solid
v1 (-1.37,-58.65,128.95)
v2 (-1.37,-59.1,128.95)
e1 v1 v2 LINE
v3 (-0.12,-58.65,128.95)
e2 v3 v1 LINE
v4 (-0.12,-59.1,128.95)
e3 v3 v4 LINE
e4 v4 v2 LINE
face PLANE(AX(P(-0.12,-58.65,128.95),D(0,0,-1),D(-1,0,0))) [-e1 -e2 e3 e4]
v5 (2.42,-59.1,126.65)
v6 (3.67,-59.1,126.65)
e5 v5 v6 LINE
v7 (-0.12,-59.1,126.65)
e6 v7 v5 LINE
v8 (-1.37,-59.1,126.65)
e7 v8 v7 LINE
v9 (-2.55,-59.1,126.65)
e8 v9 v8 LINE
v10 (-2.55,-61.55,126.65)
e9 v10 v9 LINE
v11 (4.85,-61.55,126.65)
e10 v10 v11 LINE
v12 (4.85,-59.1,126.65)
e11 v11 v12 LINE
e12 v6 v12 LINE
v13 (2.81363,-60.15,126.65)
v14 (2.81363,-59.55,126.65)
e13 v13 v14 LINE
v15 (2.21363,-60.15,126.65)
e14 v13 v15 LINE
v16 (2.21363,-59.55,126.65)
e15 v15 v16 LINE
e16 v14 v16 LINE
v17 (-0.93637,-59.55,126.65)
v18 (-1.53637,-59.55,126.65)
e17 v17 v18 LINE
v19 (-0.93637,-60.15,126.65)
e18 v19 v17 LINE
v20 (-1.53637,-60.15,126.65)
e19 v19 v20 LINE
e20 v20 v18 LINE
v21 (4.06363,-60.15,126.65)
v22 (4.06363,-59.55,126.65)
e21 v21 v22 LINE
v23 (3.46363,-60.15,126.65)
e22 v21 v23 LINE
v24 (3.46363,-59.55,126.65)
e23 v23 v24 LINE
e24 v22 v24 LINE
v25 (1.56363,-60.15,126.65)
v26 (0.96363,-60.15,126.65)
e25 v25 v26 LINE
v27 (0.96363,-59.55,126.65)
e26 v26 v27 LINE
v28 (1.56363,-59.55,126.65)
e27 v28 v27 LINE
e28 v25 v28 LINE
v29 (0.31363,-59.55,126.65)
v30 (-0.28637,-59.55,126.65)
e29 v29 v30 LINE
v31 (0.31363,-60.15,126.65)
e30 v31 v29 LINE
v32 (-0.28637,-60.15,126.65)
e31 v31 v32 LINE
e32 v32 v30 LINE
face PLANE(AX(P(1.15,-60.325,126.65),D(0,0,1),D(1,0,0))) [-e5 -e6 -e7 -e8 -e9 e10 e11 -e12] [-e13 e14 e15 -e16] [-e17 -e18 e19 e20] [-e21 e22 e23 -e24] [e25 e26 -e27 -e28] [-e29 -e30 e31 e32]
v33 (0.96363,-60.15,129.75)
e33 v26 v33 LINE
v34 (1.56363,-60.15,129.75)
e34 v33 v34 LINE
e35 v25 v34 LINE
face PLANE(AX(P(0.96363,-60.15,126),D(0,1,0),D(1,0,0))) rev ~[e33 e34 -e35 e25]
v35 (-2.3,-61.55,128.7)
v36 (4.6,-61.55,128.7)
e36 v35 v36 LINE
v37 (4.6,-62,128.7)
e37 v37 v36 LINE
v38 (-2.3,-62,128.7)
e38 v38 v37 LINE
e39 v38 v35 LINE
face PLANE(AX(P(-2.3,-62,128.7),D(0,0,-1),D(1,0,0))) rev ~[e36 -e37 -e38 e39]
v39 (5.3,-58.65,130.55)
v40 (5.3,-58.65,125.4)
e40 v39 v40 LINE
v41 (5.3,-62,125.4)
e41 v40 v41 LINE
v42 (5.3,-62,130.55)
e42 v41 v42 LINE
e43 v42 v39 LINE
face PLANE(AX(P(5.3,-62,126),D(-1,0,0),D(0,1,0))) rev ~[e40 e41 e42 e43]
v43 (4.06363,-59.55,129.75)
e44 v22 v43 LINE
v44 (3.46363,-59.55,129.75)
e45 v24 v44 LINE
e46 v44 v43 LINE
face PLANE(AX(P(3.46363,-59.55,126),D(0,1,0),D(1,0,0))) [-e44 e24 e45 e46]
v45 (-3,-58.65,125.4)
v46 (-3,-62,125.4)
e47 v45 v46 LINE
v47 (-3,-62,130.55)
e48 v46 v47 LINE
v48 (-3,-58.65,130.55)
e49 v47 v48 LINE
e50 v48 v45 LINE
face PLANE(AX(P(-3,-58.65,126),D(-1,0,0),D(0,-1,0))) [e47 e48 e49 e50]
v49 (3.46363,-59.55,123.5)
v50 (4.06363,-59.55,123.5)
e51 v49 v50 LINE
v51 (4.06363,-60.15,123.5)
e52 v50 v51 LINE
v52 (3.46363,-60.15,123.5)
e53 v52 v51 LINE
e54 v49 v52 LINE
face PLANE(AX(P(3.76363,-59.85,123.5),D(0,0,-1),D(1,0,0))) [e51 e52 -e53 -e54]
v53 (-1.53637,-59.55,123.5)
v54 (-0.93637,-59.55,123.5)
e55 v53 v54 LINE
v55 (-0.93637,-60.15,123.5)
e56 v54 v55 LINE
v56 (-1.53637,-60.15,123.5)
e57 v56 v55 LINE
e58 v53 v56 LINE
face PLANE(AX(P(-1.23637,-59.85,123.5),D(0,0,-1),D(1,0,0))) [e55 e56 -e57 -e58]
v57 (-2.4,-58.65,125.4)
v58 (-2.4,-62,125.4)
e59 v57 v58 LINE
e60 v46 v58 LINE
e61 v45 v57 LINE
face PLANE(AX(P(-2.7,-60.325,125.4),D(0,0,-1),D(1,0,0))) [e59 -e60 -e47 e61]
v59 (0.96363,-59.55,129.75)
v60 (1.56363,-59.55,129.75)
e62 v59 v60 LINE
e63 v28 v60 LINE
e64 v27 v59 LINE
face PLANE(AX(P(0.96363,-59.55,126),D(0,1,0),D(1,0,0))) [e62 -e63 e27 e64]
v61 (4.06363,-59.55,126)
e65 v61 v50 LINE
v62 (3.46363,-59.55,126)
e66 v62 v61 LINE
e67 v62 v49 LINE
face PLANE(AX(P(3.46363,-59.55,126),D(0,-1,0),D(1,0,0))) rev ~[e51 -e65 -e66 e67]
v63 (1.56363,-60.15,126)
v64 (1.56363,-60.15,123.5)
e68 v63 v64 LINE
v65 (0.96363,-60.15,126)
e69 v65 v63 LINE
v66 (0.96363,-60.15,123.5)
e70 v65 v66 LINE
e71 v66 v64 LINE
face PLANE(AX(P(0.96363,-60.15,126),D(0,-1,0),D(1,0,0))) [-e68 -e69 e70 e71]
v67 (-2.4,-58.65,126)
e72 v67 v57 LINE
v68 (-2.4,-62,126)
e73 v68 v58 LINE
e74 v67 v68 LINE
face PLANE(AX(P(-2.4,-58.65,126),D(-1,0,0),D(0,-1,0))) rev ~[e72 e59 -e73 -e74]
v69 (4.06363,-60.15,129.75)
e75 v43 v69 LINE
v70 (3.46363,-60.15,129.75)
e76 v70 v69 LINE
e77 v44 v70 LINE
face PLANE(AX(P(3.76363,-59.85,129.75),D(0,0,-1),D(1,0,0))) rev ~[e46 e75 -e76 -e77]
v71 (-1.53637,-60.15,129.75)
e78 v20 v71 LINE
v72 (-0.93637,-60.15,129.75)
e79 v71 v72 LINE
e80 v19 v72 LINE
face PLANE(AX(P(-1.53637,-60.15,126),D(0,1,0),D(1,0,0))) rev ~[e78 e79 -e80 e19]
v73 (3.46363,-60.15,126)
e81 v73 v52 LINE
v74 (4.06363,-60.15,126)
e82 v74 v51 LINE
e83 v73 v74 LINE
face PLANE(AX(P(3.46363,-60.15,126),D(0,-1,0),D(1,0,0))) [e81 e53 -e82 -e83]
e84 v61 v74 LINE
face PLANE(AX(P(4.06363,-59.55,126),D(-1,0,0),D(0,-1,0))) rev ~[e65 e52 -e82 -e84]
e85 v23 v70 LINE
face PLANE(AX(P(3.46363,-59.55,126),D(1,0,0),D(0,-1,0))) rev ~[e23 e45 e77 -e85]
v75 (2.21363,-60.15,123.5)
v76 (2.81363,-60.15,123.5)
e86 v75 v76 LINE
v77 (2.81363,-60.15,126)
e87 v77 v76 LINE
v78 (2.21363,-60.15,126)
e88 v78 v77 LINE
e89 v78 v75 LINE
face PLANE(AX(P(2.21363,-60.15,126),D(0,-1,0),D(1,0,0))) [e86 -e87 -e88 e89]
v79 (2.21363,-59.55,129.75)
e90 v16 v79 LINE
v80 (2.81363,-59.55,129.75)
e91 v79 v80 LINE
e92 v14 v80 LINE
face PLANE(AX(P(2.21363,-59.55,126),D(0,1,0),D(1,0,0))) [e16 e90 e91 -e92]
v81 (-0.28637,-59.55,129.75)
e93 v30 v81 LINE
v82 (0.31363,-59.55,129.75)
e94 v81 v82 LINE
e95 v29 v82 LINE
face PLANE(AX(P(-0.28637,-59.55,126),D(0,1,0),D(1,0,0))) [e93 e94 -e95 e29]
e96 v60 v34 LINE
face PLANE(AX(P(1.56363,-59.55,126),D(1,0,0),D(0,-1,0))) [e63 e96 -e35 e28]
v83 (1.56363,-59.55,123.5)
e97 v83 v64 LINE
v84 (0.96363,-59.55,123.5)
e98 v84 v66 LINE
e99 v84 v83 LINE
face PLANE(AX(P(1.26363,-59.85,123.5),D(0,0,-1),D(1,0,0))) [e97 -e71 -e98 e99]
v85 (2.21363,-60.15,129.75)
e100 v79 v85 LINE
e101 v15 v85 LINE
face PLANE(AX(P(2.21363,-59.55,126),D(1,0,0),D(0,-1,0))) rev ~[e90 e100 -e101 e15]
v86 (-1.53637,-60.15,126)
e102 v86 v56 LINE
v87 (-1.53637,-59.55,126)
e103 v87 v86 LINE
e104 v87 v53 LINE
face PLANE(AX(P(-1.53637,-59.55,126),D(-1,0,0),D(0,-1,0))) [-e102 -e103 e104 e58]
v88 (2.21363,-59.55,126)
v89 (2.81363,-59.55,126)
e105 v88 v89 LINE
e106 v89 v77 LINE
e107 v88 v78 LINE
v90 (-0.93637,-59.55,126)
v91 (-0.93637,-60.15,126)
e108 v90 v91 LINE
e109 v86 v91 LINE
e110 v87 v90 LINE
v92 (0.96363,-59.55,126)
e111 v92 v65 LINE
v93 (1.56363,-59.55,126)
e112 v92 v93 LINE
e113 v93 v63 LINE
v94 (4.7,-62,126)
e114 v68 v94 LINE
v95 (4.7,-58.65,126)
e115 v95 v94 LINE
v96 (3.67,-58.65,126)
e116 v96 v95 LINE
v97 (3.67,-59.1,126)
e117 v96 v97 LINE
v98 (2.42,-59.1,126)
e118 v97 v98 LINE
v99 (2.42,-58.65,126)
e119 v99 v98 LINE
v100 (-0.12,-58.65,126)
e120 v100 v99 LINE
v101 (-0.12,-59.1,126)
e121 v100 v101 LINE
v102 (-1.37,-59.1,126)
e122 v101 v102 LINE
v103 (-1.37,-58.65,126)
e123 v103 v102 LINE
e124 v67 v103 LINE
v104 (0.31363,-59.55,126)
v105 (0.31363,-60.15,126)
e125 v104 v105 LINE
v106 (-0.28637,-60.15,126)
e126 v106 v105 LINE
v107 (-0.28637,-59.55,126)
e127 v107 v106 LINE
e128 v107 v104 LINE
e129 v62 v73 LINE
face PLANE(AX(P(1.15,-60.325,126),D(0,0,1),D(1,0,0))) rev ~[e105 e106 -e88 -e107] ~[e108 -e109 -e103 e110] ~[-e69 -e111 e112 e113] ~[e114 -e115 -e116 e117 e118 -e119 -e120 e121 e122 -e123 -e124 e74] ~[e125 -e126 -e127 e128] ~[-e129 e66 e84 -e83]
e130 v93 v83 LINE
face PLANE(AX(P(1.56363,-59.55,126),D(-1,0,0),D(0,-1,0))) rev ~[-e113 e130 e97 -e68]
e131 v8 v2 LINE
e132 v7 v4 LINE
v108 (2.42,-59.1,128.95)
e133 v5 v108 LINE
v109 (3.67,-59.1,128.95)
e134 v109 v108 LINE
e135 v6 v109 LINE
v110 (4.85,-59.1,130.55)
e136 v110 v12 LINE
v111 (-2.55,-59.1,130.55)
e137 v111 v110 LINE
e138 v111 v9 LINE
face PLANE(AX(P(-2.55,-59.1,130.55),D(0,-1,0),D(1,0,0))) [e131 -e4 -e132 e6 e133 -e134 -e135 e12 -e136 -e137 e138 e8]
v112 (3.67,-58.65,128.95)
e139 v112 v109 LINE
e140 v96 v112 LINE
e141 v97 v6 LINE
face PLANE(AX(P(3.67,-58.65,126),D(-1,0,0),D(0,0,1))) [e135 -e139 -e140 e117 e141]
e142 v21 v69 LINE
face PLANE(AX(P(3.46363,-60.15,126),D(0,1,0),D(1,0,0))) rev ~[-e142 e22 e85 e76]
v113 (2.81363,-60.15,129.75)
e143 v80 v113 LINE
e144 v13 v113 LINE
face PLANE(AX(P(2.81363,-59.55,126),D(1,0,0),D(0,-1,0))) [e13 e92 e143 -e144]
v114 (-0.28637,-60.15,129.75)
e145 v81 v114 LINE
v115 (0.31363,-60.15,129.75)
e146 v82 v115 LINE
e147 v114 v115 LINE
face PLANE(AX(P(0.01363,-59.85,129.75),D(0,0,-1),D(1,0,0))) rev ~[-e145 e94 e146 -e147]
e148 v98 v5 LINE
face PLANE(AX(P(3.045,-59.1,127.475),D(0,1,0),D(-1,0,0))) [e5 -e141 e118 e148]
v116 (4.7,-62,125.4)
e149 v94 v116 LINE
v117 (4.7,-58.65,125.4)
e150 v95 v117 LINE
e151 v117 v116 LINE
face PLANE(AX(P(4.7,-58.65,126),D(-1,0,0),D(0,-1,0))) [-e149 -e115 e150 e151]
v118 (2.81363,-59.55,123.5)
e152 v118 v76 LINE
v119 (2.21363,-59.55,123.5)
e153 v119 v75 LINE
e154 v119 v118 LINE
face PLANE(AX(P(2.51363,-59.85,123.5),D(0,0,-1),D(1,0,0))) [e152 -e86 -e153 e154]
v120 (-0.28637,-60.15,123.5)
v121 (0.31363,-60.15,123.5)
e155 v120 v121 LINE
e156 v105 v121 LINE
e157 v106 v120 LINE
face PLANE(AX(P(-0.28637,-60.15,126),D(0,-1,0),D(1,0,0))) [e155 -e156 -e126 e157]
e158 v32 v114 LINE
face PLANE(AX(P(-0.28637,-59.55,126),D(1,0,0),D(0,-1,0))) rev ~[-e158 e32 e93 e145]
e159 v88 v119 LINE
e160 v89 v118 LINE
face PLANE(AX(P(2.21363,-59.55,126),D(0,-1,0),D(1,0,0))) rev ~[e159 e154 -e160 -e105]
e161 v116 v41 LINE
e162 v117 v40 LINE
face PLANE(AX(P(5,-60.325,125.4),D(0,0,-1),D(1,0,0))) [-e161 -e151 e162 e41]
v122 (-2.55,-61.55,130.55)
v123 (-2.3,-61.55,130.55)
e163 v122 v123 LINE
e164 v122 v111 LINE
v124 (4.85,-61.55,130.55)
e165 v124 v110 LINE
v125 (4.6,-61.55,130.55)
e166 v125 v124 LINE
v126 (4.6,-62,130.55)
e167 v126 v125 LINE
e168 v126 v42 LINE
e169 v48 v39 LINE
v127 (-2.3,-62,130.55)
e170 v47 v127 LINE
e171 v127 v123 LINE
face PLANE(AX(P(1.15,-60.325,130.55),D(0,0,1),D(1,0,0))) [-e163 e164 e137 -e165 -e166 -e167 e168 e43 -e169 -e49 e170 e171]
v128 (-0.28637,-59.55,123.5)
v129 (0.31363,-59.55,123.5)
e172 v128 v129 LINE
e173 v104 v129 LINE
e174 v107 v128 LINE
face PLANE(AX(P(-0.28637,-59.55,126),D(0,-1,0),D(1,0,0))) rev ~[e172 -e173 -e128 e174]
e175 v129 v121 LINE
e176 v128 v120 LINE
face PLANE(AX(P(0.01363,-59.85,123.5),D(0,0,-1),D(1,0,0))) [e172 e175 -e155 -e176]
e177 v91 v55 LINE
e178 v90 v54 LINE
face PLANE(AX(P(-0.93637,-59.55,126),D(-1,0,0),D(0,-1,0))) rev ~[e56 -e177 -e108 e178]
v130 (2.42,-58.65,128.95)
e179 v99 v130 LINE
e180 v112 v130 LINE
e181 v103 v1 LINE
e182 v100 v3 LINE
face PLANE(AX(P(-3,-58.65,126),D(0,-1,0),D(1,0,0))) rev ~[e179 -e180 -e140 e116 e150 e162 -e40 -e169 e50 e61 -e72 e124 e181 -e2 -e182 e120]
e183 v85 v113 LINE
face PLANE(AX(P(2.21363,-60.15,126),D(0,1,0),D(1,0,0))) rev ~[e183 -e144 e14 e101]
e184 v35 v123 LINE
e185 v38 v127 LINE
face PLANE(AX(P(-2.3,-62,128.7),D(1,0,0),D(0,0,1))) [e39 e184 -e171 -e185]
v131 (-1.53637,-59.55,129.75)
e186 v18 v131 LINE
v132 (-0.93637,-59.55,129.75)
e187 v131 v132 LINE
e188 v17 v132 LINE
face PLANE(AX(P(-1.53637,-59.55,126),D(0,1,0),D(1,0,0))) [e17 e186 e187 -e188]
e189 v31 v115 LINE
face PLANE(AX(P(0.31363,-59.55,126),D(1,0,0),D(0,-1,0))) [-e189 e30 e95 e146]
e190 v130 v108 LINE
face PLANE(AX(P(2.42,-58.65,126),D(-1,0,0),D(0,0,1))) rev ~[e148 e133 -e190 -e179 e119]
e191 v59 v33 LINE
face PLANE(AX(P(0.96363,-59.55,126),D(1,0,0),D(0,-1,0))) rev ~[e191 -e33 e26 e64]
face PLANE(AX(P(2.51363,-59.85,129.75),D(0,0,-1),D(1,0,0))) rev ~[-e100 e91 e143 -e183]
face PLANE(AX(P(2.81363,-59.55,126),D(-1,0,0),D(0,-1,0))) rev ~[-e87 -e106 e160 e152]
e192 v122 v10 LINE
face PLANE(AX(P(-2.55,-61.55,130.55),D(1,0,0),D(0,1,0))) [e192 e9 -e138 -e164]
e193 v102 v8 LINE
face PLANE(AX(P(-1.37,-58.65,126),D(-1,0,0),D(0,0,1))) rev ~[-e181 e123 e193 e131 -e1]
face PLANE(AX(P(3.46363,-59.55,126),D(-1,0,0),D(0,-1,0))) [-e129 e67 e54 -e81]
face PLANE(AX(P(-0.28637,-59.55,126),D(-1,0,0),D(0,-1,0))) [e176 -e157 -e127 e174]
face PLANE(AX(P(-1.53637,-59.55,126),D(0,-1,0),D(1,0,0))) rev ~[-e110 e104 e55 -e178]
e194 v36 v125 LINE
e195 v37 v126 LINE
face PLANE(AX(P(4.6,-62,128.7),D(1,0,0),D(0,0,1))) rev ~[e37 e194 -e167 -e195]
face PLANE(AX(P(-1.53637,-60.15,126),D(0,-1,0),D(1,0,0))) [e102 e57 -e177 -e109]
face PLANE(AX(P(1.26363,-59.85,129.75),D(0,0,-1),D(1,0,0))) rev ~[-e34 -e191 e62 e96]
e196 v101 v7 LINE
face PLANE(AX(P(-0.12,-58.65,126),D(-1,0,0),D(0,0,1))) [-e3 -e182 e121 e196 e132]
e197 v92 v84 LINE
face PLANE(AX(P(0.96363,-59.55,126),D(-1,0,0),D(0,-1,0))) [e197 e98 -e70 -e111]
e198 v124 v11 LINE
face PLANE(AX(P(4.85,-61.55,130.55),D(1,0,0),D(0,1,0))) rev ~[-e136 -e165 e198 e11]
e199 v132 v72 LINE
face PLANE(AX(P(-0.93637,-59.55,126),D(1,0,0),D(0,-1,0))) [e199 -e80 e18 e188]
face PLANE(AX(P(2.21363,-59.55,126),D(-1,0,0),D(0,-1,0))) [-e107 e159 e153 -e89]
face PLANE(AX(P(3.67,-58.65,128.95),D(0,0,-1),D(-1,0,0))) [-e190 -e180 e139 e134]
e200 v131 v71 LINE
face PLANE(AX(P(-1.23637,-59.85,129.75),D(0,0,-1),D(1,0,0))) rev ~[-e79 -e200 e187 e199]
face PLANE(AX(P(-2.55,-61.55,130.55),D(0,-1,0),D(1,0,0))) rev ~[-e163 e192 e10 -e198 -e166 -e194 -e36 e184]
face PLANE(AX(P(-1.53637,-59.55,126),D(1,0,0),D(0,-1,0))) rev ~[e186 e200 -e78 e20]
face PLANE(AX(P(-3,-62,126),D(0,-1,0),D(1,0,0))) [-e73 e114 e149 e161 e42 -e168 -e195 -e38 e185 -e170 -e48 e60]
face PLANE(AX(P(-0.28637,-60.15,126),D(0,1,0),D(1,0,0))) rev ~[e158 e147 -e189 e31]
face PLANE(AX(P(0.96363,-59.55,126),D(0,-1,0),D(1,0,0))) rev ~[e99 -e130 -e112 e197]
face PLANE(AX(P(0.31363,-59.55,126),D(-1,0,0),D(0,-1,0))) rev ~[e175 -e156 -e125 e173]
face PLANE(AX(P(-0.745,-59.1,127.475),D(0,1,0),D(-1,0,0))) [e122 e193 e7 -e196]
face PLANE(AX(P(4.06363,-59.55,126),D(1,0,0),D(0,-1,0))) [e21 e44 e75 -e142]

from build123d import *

# Parameters (mm, degrees)
SKETCH019_W     = 8.3
SKETCH019_H     = 3.35
PAD009_DEPTH    = 4.55
SKETCH020_W     = 0.6
SKETCH020_H     = 3.35
PAD010_DEPTH    = 0.6
SKETCH021_W     = 7.4
SKETCH021_H     = 2.45
POCKET005_DEPTH = 3.9
SKETCH022_W     = 6.9
SKETCH022_H     = 1.85
POCKET006_DEPTH = 0.45
SKETCH023_W     = 0.6
SKETCH023_H     = 0.6
PAD011_DEPTH    = 2.5
SKETCH024_W     = 0.6
SKETCH024_H     = 0.6
PAD012_DEPTH    = 3.75
SKETCH025_W     = 1.25
SKETCH025_H     = 2.95
POCKET007_DEPTH = 0.45


with BuildPart() as part:
    # Sketch019 → Pad009 (new body)
    with BuildSketch(Plane.XY):
        with Locations((4.15, 1.675)):
            Rectangle(SKETCH019_W, SKETCH019_H)
    extrude(amount=PAD009_DEPTH)

    # Sketch020 (on Face5 of Pad009) → Pad010 (join)
    with BuildSketch(Plane(origin=(0, 0, 0), x_dir=(1, 0, 0), z_dir=(0, 0, -1))):
        with Locations((0.3, -1.675)):
            Rectangle(SKETCH020_W, SKETCH020_H)
        with Locations((8, -1.675)):
            Rectangle(SKETCH020_W, SKETCH020_H)
    extrude(amount=PAD010_DEPTH)

    # Sketch021 (on Face7 of Pad010) → Pocket005 (cut)
    with BuildSketch(Plane.XY.offset(4.55)):
        with Locations((4.15, 1.675)):
            Rectangle(SKETCH021_W, SKETCH021_H)
    extrude(amount=-POCKET005_DEPTH, mode=Mode.SUBTRACT)

    # Sketch022 (on Face1 of Pocket005) → Pocket006 (cut)
    with BuildSketch(Plane.XZ):
        with Locations((4.15, 3.625)):
            Rectangle(SKETCH022_W, SKETCH022_H)
    extrude(amount=-POCKET006_DEPTH, mode=Mode.SUBTRACT)

    # Sketch023 (on Face3 of Pocket006) → Pad011 (join)
    with BuildSketch(Plane(origin=(0, 0, 0), x_dir=(1, 0, 0), z_dir=(0, 0, -1))):
        with Locations((1.76363, -2.15)):
            Rectangle(SKETCH023_W, SKETCH023_H)
        with Locations((3.01363, -2.15)):
            Rectangle(SKETCH023_W, SKETCH023_H)
        with Locations((4.26363, -2.15)):
            Rectangle(SKETCH023_W, SKETCH023_H)
        with Locations((5.51363, -2.15)):
            Rectangle(SKETCH023_W, SKETCH023_H)
        with Locations((6.76363, -2.15)):
            Rectangle(SKETCH023_W, SKETCH023_H)
    extrude(amount=PAD011_DEPTH)

    # Sketch024 (on Face3 of Pad011) → Pad012 (join)
    with BuildSketch(Plane(origin=(0, 0, 0), x_dir=(1, 0, 0), z_dir=(0, 0, -1))):
        with Locations((1.76363, -2.15)):
            Rectangle(SKETCH024_W, SKETCH024_H)
        with Locations((3.01363, -2.15)):
            Rectangle(SKETCH024_W, SKETCH024_H)
        with Locations((4.26363, -2.15)):
            Rectangle(SKETCH024_W, SKETCH024_H)
        with Locations((5.51363, -2.15)):
            Rectangle(SKETCH024_W, SKETCH024_H)
        with Locations((6.76363, -2.15)):
            Rectangle(SKETCH024_W, SKETCH024_H)
    extrude(amount=-PAD012_DEPTH)

    # Sketch025 (on Face14 of Pad012) → Pocket007 (cut)
    with BuildSketch(Plane(origin=(0, 3.35, 0), x_dir=(-1, 0, 0), z_dir=(0, 1, 0))):
        with Locations((-6.045, 1.475)):
            Rectangle(SKETCH025_W, SKETCH025_H)
        with Locations((-2.255, 1.475)):
            Rectangle(SKETCH025_W, SKETCH025_H)
    extrude(amount=-POCKET007_DEPTH, mode=Mode.SUBTRACT)


with BuildPart() as part_1:
    # Body002 placement: moved
    add(part.part.moved(Location((-3, -62, 126))))


solid = part_1.part
